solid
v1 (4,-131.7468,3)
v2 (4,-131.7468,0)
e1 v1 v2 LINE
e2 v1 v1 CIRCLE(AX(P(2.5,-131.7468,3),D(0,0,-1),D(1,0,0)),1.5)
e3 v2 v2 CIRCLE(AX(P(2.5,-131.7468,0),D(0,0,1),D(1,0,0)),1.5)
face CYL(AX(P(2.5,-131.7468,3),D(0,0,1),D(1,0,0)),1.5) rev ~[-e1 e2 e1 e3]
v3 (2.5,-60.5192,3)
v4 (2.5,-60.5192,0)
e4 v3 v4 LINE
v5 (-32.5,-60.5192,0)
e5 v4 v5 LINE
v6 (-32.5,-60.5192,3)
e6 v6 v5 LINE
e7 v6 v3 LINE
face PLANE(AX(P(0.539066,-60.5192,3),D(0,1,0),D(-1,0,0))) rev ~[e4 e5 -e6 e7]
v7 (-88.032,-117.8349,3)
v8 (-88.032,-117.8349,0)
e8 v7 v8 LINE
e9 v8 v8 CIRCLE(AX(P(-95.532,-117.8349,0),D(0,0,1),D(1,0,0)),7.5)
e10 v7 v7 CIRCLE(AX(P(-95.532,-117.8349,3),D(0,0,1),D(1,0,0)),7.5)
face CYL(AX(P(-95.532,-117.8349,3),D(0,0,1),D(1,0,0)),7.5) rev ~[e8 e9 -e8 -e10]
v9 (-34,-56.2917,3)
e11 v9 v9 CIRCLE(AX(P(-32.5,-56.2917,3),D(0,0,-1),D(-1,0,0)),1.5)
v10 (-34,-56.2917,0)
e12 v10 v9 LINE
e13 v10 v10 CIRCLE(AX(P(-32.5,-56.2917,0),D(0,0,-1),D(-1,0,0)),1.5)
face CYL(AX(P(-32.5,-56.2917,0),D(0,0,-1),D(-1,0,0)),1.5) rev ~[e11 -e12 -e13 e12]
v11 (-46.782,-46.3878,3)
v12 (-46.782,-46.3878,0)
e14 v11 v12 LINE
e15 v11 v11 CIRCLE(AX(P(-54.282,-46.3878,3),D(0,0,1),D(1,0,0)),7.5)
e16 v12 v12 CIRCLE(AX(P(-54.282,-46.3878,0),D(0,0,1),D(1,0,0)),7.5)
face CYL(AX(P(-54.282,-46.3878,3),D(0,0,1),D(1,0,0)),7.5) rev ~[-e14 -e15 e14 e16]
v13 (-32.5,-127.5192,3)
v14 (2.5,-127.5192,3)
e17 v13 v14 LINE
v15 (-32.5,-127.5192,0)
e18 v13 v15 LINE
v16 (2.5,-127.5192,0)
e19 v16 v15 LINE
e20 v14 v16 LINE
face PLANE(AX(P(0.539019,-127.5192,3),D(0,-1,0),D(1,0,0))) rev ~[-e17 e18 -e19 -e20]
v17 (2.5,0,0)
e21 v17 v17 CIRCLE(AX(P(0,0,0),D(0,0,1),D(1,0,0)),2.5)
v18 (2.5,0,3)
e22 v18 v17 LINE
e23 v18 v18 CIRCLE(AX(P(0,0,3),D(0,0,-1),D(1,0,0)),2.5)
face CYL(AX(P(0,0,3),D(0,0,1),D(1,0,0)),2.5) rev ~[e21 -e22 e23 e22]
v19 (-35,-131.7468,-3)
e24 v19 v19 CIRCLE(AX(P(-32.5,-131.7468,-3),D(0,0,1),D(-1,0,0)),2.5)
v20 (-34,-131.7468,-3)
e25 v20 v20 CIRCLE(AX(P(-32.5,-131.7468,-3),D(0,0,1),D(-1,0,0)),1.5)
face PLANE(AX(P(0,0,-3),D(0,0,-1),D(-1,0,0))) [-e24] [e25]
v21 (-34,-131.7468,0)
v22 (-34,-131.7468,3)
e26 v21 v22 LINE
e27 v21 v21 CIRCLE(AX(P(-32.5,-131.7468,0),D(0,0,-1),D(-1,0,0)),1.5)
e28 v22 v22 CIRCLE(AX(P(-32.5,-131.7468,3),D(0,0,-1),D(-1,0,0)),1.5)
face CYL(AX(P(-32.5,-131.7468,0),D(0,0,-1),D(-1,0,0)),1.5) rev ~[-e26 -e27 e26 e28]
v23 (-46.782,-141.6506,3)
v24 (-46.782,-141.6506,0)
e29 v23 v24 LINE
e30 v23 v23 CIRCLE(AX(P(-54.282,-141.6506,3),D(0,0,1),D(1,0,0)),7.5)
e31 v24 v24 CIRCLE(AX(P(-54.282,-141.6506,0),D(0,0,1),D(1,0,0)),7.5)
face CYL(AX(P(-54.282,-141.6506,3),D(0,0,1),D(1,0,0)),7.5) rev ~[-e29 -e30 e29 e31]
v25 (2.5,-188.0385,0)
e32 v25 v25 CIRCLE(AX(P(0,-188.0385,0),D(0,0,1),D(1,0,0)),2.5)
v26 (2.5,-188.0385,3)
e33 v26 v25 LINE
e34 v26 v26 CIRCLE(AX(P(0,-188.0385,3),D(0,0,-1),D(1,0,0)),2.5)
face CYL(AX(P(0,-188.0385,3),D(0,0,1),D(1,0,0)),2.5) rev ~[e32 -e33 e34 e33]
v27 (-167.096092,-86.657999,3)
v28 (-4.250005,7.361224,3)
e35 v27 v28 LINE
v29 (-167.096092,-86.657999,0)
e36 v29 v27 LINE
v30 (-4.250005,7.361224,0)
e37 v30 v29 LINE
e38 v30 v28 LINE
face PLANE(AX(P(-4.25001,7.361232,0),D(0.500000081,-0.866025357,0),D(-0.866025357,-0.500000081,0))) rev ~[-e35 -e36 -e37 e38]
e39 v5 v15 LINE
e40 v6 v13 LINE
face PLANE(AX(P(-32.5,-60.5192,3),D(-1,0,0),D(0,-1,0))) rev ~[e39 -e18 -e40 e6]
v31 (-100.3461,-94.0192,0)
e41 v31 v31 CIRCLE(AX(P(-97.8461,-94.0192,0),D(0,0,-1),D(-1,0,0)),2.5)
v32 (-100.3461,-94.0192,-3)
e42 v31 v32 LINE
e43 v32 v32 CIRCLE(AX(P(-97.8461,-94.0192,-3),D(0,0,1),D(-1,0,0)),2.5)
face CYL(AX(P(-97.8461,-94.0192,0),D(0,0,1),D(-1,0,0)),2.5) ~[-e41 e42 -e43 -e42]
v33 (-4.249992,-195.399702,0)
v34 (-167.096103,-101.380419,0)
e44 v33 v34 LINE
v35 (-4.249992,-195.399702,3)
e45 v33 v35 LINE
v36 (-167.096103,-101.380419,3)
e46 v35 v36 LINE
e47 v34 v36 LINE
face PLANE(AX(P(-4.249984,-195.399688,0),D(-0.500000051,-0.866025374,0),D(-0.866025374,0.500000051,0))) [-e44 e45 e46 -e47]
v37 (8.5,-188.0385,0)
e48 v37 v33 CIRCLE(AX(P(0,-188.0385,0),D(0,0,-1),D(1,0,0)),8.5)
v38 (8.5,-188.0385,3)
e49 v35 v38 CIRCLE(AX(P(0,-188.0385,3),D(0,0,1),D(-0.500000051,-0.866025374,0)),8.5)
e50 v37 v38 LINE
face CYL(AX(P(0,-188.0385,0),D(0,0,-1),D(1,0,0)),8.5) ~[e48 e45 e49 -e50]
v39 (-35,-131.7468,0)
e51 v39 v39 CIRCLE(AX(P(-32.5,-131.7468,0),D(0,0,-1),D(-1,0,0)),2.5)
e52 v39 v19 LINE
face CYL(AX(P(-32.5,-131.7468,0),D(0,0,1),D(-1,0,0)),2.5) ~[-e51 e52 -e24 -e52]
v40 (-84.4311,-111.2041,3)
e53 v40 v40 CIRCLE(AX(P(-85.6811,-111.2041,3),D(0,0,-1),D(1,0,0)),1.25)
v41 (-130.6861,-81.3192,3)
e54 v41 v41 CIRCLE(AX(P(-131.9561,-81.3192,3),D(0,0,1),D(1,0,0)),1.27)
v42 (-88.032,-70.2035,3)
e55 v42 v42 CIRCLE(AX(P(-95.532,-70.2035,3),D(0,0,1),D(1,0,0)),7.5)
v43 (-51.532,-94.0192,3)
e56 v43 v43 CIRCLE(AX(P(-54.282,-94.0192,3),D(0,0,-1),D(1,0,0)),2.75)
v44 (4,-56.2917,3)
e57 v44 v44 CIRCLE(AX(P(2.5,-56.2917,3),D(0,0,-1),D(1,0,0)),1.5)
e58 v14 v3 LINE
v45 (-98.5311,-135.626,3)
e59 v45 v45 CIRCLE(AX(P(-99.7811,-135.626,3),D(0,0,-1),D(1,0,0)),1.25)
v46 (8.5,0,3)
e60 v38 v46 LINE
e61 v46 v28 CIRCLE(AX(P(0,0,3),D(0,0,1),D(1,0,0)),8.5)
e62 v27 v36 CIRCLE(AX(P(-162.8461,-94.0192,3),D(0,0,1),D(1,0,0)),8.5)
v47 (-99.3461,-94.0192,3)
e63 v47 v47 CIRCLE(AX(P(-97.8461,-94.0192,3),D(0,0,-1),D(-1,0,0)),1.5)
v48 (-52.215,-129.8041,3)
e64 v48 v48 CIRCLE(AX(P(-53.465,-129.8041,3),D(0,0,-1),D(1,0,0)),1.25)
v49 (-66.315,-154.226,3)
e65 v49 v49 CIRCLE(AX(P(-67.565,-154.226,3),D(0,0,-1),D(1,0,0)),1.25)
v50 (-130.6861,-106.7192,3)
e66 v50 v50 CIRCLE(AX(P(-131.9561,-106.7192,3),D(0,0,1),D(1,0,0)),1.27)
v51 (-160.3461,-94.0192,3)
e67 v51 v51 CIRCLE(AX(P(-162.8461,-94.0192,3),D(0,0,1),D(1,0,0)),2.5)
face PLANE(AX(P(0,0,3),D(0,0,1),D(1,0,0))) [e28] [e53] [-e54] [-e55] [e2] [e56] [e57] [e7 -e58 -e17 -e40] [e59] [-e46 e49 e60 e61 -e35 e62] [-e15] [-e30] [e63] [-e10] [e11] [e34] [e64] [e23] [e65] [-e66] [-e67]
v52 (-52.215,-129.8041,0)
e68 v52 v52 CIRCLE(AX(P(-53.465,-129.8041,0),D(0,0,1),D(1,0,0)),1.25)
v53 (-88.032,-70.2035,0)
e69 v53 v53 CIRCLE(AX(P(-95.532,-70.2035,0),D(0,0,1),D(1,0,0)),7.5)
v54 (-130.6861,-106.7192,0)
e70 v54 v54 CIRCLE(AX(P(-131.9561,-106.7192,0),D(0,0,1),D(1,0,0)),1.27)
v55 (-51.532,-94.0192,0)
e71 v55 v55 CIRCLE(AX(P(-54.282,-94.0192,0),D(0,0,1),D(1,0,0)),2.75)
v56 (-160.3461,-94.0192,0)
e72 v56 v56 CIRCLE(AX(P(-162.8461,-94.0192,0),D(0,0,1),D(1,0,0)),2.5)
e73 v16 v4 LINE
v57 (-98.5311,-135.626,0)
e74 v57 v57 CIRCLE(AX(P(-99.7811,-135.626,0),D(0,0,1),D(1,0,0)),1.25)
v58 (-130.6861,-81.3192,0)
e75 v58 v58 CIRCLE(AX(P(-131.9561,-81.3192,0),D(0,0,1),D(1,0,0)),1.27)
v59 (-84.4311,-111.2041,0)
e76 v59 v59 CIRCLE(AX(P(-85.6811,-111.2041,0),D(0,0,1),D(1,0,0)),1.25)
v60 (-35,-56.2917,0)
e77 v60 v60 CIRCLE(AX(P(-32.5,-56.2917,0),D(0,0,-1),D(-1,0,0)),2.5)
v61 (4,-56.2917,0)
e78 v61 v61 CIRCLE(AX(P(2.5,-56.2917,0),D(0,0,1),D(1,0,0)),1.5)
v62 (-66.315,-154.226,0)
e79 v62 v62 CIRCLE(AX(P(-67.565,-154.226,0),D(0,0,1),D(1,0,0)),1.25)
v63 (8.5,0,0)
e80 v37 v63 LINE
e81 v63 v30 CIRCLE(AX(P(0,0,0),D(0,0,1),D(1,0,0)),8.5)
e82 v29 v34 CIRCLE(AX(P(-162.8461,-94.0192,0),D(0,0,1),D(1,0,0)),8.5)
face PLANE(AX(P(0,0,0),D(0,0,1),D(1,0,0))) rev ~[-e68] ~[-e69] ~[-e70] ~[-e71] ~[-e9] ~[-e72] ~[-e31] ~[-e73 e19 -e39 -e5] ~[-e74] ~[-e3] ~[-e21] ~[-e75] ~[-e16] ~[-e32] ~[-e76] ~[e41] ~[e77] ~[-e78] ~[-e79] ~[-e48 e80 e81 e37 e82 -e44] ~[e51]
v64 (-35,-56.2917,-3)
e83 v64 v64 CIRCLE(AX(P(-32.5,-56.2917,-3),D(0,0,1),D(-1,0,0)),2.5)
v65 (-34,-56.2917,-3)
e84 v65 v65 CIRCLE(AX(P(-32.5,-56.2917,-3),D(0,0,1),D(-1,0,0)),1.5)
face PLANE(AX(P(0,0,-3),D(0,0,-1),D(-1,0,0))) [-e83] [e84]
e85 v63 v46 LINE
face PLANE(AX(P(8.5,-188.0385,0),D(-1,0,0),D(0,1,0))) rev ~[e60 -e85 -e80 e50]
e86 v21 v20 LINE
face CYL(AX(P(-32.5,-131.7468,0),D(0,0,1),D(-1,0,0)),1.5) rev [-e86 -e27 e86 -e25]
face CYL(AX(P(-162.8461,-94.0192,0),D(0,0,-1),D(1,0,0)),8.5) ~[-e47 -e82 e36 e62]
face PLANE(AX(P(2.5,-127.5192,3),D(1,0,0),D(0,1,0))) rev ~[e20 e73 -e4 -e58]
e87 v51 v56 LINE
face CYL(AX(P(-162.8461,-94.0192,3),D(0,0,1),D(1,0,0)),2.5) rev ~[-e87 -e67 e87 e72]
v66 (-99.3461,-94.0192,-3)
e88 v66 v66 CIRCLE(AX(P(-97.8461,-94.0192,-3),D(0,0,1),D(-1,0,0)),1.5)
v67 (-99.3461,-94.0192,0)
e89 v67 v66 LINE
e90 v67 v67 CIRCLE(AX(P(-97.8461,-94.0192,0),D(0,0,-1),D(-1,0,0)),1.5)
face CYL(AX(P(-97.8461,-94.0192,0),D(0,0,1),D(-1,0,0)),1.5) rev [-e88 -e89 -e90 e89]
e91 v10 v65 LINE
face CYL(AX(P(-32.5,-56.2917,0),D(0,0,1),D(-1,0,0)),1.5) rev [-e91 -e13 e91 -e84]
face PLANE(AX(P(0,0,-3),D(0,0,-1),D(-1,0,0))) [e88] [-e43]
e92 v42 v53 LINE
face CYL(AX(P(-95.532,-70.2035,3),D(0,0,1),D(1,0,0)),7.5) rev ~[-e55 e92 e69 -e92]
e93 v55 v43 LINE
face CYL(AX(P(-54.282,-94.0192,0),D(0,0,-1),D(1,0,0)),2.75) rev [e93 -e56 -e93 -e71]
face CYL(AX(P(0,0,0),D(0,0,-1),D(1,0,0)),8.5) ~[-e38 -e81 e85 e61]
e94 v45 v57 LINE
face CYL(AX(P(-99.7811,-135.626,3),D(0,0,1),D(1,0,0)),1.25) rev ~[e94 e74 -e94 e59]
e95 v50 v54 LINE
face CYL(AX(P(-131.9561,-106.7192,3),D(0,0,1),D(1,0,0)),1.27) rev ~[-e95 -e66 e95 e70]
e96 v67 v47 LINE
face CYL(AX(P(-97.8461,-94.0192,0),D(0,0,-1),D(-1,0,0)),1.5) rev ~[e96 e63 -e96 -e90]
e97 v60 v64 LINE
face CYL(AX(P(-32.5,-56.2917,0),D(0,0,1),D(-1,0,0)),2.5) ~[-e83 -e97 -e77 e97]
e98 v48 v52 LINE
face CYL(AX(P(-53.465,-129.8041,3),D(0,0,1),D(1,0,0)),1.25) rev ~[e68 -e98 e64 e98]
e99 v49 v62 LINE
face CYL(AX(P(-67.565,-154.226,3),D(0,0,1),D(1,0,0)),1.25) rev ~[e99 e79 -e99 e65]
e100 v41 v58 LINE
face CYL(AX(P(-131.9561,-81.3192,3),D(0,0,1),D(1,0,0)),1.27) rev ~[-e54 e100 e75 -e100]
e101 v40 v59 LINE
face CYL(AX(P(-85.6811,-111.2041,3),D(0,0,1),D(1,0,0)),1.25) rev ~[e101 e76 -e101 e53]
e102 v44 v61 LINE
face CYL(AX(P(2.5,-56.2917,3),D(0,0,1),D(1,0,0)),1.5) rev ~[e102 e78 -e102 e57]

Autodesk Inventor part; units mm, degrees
ref_plane "YZ Plane" through (0, 0, 0) normal (1, 0, 0) x (0, 1, 0)
ref_plane "XZ Plane" through (0, 0, 0) normal (0, 1, 0) x (-1, 0, 0)
ref_plane "XY Plane" through (0, 0, 0) normal (0, 0, 1) x (1, 0, 0)
sketch "Sketch1" plane through (0, 0, 0) normal (0, 0, 1) x (1, 0, 0)
  line L0 (-169.4076, 105.3841) -> (50.098, -274.8108)
  circle A0 centre (-54.282, -94.0192) radius 2.75 projected
  circle A1 centre (0, 0) radius 8.5
  circle A2 centre (-162.8461, -94.0192) radius 8.5
  circle A3 centre (0, -188.0385) radius 8.5
  line L1 (0, 0) -> (0, -188.0385)
  line L2 (0, -188.0385) -> (-162.8461, -94.0192)
  line L3 (-162.8461, -94.0192) -> (0, 0)
  line L4 (38.7758, 32.2022) -> (-208.87, -110.7762)
  line L5 (8.5, -269.7975) -> (8.5, 26.6982)
  line L6 (49.2969, -226.315) -> (-222.0406, -69.6582)
  circle A4 centre (-54.282, -94.0192) radius 2.75
  point P0 (8.5, -188.0385)
  point P1 (8.5, 0)
  point P2 (-4.25, 7.3612)
  point P3 (-167.0961, -86.658)
  point P4 (-167.0961, -101.3805)
  point P5 (-4.25, -195.3997)
  dimension "d0" = 17
  dimension "d3" = 360
  dimension "d49" = 5.5
extrude "Extrusion1" add sketch "Sketch1" along normal blind 3 contours L4 A1 L3 L0 | L0 L3 A2 L4 | L3 A1 L1 A3 L0 A0 | L0 A0 A3 L2 A2 L3 | A1 L1 L3 | A2 L3 L2 | A2 L2 L3 | L3 L1 A1 | L5 A3 L1 A1 | A2 L2 A3 L6 | A3 L0 L1 | A3 L2 L0 | A3 L1 L0 | L0 L2 A3
sketch "Sketch2" plane through (0, 0, 3) normal (0, 0, 1) x (1, 0, 0)
  circle A0 centre (0, 0) radius 2.5
  line L0 (-169.4076, 105.3841) -> (50.098, -274.8108)
  line L1 (-169.4076, -293.4225) -> (50.098, 86.7723)
  circle A1 centre (-54.282, -94.0192) radius 2.75 projected
  circle A2 centre (-162.8461, -94.0192) radius 2.5
  circle A3 centre (0, -188.0385) radius 2.5
  point P0 (-54.282, -94.0192)
  dimension "d7" = 5
  dimension "d10" = 360
extrude "Extrusion2" cut sketch "Sketch2" against normal up to surface (3 mm away) contours A0 L1 | A3 L0 | L0 A3 | L1 A0 | A2
sketch "Sketch3" plane through (0, 0, 0) normal (0, 0, -1) x (-1, 0, 0)
  circle A0 centre (54.282, -94.0192) radius 2.75 projected
  circle A1 centre (0, 0) radius 2.5 projected
  line L0 (0, 0) -> (54.282, -94.0192)
  circle A2 centre (162.8461, -94.0192) radius 2.5 projected
  line L1 (54.282, -94.0192) -> (162.8461, -94.0192)
  circle A3 centre (0, -188.0385) radius 2.5 projected
  line L2 (54.282, -94.0192) -> (0, -188.0385)
  line L3 (0, 0) -> (32.5, -56.2917)
  circle A4 centre (32.5, -56.2917) radius 1.5
  circle A5 centre (32.5, -56.2917) radius 2.5
  circle A6 centre (32.5, -131.7468) radius 2.5
  circle A7 centre (32.5, -131.7468) radius 1.5
  circle A8 centre (97.8461, -94.0192) radius 2.5
  circle A9 centre (97.8461, -94.0192) radius 1.5
  dimension "d14" = 65
  dimension "d15" = 3
  dimension "d16" = 5
  dimension "d19" = 360
extrude "Extrusion3" add sketch "Sketch3" along normal blind 3 contours A6 L2 A7 | L2 A7 A6 | A5 L0 A4 | L0 A4 A5 | A8 L1 A9 | L1 A9 A8
sketch "Sketch4" plane through (0, 0, 0) normal (0, 0, -1) x (-1, 0, 0)
  circle A0 centre (32.5, -56.2917) radius 1.5 projected
  circle A1 centre (32.5, -131.7468) radius 1.5 projected
  circle A2 centre (97.8461, -94.0192) radius 1.5 projected
  point P0 (0, 0)
extrude "Extrusion4" cut sketch "Sketch4" against normal blind 3
sketch "Sketch5" plane through (0, 0, 3) normal (0, 0, 1) x (1, 0, 0)
  circle A0 centre (-32.5, -56.2917) radius 1.5 projected
  circle A1 centre (-32.5, -131.7468) radius 1.5 projected
  line L0 (-32.5, -56.2917) -> (2.5, -56.2917)
  line L1 (2.5, -56.2917) -> (2.5, -131.7468)
  line L2 (2.5, -131.7468) -> (-32.5, -131.7468)
  line L3 (-32.5, -131.7468) -> (-32.5, -56.2917)
  circle A2 centre (2.5, -56.2917) radius 1.5
  circle A3 centre (2.5, -131.7468) radius 1.5
  point P0 (0, 0)
  dimension "d25" = 35
  dimension "d26" = 3
  dimension "d27" = 3
extrude "Extrusion5" cut sketch "Sketch5" against normal blind 3 contours A2 L1 L0 | L0 L1 A2 | A3 L2 L1 | L1 L2 A3
sketch "Sketch7" plane through (0, 0, 3) normal (0, 0, 1) x (1, 0, 0)
  circle A0 centre (-32.5, -56.2917) radius 1.5 projected
  circle A1 centre (2.5, -131.7468) radius 1.5 projected
  line L0 (-32.5, -56.2917) -> (2.5, -131.7468)
  circle A2 centre (2.5, -56.2917) radius 1.5 projected
  circle A3 centre (-32.5, -131.7468) radius 1.5 projected
  line L1 (2.5, -56.2917) -> (-32.5, -131.7468)
  line L2 (2.5, -60.5192) -> (-32.5, -60.5192)
  line L3 (-32.5, -60.5192) -> (-32.5, -127.5192)
  line L4 (-32.5, -127.5192) -> (2.5, -127.5192)
  line L5 (2.5, -127.5192) -> (2.5, -60.5192)
  line L6 (2.5, -60.5192) -> (-32.5, -127.5192) construction
  line L7 (-32.5, -60.5192) -> (2.5, -127.5192) construction
  point P0 (0, 0)
  point P1 (-15, -94.0192)
  dimension "d36" = 35
  dimension "d37" = 67
extrude "Extrusion7" cut sketch "Sketch7" against normal blind 3 contours L2 L1 L0 | L0 L1 L4 L3 L2 | L1 L2 L5 L4 L0 | L0 L4 L1
sketch "Sketch8" plane through (0, 0, 3) normal (0, 0, 1) x (1, 0, 0)
  line L0 (-53.465, -129.8041) -> (-67.565, -154.226)
  line L1 (-67.565, -154.226) -> (-99.7811, -135.626)
  line L2 (-99.7811, -135.626) -> (-85.6811, -111.2041)
  line L3 (-85.6811, -111.2041) -> (-53.465, -129.8041)
  circle A0 centre (-67.565, -154.226) radius 1.25
  circle A1 centre (-53.465, -129.8041) radius 1.25
  circle A2 centre (-99.7811, -135.626) radius 1.25
  circle A3 centre (-85.6811, -111.2041) radius 1.25
  line L4 (-167.0961, -101.3805) -> (-4.25, -195.3997) projected
  line L5 (-167.0961, -101.3805) -> (-4.25, -195.3997) projected
  line L6 (-85.673, -148.3901) -> (-48.0406, -83.2087)
  circle A4 centre (-54.282, -94.0192) radius 2.75 projected
  point P0 (0, 0)
  point P1 (-69.573, -120.5041)
  dimension "d40" = 28.2
  dimension "d41" = 37.2
  dimension "d42" = 2.5
  dimension "d43" = 2.5
  dimension "d44" = 2.5
  dimension "d45" = 2.5
  dimension "d46" = 4
extrude "Extrusion8" cut sketch "Sketch8" against normal blind 10 contours L3 A1 L0 | L0 A1 L3 | A0 L1 L0 | L0 L1 A0 | A3 L2 L3 | L3 L2 A3 | A2 L2 L1 | L1 L2 A2
sketch "Sketch9" plane through (0, 0, 3) normal (0, 0, 1) x (1, 0, 0)
  circle A0 centre (-54.282, -46.3878) radius 7.5 projected
  circle A1 centre (-95.532, -70.2035) radius 7.5 projected
  circle A2 centre (-54.282, -141.6506) radius 7.5 projected
  circle A3 centre (-95.532, -117.8349) radius 7.5 projected
  point P0 (0, 0)
extrude "Extrusion9" cut sketch "Sketch9" against normal up to surface (3 mm away)
sketch "Sketch10" plane through (0, 0, 3) normal (0, 0, 1) x (1, 0, 0)
  line L0 (-140.8461, -109.2592) -> (-140.8461, -78.7792)
  line L1 (-140.8461, -78.7792) -> (-123.0661, -78.7792)
  circle A0 centre (-131.9561, -81.3192) radius 1.27
  circle A1 centre (-131.9561, -106.7192) radius 1.27
  point P0 (0, 0)
extrude "Extrusion10" cut sketch "Sketch10" against normal blind 10
properties part number "second_etage" material "PET Plastic"
